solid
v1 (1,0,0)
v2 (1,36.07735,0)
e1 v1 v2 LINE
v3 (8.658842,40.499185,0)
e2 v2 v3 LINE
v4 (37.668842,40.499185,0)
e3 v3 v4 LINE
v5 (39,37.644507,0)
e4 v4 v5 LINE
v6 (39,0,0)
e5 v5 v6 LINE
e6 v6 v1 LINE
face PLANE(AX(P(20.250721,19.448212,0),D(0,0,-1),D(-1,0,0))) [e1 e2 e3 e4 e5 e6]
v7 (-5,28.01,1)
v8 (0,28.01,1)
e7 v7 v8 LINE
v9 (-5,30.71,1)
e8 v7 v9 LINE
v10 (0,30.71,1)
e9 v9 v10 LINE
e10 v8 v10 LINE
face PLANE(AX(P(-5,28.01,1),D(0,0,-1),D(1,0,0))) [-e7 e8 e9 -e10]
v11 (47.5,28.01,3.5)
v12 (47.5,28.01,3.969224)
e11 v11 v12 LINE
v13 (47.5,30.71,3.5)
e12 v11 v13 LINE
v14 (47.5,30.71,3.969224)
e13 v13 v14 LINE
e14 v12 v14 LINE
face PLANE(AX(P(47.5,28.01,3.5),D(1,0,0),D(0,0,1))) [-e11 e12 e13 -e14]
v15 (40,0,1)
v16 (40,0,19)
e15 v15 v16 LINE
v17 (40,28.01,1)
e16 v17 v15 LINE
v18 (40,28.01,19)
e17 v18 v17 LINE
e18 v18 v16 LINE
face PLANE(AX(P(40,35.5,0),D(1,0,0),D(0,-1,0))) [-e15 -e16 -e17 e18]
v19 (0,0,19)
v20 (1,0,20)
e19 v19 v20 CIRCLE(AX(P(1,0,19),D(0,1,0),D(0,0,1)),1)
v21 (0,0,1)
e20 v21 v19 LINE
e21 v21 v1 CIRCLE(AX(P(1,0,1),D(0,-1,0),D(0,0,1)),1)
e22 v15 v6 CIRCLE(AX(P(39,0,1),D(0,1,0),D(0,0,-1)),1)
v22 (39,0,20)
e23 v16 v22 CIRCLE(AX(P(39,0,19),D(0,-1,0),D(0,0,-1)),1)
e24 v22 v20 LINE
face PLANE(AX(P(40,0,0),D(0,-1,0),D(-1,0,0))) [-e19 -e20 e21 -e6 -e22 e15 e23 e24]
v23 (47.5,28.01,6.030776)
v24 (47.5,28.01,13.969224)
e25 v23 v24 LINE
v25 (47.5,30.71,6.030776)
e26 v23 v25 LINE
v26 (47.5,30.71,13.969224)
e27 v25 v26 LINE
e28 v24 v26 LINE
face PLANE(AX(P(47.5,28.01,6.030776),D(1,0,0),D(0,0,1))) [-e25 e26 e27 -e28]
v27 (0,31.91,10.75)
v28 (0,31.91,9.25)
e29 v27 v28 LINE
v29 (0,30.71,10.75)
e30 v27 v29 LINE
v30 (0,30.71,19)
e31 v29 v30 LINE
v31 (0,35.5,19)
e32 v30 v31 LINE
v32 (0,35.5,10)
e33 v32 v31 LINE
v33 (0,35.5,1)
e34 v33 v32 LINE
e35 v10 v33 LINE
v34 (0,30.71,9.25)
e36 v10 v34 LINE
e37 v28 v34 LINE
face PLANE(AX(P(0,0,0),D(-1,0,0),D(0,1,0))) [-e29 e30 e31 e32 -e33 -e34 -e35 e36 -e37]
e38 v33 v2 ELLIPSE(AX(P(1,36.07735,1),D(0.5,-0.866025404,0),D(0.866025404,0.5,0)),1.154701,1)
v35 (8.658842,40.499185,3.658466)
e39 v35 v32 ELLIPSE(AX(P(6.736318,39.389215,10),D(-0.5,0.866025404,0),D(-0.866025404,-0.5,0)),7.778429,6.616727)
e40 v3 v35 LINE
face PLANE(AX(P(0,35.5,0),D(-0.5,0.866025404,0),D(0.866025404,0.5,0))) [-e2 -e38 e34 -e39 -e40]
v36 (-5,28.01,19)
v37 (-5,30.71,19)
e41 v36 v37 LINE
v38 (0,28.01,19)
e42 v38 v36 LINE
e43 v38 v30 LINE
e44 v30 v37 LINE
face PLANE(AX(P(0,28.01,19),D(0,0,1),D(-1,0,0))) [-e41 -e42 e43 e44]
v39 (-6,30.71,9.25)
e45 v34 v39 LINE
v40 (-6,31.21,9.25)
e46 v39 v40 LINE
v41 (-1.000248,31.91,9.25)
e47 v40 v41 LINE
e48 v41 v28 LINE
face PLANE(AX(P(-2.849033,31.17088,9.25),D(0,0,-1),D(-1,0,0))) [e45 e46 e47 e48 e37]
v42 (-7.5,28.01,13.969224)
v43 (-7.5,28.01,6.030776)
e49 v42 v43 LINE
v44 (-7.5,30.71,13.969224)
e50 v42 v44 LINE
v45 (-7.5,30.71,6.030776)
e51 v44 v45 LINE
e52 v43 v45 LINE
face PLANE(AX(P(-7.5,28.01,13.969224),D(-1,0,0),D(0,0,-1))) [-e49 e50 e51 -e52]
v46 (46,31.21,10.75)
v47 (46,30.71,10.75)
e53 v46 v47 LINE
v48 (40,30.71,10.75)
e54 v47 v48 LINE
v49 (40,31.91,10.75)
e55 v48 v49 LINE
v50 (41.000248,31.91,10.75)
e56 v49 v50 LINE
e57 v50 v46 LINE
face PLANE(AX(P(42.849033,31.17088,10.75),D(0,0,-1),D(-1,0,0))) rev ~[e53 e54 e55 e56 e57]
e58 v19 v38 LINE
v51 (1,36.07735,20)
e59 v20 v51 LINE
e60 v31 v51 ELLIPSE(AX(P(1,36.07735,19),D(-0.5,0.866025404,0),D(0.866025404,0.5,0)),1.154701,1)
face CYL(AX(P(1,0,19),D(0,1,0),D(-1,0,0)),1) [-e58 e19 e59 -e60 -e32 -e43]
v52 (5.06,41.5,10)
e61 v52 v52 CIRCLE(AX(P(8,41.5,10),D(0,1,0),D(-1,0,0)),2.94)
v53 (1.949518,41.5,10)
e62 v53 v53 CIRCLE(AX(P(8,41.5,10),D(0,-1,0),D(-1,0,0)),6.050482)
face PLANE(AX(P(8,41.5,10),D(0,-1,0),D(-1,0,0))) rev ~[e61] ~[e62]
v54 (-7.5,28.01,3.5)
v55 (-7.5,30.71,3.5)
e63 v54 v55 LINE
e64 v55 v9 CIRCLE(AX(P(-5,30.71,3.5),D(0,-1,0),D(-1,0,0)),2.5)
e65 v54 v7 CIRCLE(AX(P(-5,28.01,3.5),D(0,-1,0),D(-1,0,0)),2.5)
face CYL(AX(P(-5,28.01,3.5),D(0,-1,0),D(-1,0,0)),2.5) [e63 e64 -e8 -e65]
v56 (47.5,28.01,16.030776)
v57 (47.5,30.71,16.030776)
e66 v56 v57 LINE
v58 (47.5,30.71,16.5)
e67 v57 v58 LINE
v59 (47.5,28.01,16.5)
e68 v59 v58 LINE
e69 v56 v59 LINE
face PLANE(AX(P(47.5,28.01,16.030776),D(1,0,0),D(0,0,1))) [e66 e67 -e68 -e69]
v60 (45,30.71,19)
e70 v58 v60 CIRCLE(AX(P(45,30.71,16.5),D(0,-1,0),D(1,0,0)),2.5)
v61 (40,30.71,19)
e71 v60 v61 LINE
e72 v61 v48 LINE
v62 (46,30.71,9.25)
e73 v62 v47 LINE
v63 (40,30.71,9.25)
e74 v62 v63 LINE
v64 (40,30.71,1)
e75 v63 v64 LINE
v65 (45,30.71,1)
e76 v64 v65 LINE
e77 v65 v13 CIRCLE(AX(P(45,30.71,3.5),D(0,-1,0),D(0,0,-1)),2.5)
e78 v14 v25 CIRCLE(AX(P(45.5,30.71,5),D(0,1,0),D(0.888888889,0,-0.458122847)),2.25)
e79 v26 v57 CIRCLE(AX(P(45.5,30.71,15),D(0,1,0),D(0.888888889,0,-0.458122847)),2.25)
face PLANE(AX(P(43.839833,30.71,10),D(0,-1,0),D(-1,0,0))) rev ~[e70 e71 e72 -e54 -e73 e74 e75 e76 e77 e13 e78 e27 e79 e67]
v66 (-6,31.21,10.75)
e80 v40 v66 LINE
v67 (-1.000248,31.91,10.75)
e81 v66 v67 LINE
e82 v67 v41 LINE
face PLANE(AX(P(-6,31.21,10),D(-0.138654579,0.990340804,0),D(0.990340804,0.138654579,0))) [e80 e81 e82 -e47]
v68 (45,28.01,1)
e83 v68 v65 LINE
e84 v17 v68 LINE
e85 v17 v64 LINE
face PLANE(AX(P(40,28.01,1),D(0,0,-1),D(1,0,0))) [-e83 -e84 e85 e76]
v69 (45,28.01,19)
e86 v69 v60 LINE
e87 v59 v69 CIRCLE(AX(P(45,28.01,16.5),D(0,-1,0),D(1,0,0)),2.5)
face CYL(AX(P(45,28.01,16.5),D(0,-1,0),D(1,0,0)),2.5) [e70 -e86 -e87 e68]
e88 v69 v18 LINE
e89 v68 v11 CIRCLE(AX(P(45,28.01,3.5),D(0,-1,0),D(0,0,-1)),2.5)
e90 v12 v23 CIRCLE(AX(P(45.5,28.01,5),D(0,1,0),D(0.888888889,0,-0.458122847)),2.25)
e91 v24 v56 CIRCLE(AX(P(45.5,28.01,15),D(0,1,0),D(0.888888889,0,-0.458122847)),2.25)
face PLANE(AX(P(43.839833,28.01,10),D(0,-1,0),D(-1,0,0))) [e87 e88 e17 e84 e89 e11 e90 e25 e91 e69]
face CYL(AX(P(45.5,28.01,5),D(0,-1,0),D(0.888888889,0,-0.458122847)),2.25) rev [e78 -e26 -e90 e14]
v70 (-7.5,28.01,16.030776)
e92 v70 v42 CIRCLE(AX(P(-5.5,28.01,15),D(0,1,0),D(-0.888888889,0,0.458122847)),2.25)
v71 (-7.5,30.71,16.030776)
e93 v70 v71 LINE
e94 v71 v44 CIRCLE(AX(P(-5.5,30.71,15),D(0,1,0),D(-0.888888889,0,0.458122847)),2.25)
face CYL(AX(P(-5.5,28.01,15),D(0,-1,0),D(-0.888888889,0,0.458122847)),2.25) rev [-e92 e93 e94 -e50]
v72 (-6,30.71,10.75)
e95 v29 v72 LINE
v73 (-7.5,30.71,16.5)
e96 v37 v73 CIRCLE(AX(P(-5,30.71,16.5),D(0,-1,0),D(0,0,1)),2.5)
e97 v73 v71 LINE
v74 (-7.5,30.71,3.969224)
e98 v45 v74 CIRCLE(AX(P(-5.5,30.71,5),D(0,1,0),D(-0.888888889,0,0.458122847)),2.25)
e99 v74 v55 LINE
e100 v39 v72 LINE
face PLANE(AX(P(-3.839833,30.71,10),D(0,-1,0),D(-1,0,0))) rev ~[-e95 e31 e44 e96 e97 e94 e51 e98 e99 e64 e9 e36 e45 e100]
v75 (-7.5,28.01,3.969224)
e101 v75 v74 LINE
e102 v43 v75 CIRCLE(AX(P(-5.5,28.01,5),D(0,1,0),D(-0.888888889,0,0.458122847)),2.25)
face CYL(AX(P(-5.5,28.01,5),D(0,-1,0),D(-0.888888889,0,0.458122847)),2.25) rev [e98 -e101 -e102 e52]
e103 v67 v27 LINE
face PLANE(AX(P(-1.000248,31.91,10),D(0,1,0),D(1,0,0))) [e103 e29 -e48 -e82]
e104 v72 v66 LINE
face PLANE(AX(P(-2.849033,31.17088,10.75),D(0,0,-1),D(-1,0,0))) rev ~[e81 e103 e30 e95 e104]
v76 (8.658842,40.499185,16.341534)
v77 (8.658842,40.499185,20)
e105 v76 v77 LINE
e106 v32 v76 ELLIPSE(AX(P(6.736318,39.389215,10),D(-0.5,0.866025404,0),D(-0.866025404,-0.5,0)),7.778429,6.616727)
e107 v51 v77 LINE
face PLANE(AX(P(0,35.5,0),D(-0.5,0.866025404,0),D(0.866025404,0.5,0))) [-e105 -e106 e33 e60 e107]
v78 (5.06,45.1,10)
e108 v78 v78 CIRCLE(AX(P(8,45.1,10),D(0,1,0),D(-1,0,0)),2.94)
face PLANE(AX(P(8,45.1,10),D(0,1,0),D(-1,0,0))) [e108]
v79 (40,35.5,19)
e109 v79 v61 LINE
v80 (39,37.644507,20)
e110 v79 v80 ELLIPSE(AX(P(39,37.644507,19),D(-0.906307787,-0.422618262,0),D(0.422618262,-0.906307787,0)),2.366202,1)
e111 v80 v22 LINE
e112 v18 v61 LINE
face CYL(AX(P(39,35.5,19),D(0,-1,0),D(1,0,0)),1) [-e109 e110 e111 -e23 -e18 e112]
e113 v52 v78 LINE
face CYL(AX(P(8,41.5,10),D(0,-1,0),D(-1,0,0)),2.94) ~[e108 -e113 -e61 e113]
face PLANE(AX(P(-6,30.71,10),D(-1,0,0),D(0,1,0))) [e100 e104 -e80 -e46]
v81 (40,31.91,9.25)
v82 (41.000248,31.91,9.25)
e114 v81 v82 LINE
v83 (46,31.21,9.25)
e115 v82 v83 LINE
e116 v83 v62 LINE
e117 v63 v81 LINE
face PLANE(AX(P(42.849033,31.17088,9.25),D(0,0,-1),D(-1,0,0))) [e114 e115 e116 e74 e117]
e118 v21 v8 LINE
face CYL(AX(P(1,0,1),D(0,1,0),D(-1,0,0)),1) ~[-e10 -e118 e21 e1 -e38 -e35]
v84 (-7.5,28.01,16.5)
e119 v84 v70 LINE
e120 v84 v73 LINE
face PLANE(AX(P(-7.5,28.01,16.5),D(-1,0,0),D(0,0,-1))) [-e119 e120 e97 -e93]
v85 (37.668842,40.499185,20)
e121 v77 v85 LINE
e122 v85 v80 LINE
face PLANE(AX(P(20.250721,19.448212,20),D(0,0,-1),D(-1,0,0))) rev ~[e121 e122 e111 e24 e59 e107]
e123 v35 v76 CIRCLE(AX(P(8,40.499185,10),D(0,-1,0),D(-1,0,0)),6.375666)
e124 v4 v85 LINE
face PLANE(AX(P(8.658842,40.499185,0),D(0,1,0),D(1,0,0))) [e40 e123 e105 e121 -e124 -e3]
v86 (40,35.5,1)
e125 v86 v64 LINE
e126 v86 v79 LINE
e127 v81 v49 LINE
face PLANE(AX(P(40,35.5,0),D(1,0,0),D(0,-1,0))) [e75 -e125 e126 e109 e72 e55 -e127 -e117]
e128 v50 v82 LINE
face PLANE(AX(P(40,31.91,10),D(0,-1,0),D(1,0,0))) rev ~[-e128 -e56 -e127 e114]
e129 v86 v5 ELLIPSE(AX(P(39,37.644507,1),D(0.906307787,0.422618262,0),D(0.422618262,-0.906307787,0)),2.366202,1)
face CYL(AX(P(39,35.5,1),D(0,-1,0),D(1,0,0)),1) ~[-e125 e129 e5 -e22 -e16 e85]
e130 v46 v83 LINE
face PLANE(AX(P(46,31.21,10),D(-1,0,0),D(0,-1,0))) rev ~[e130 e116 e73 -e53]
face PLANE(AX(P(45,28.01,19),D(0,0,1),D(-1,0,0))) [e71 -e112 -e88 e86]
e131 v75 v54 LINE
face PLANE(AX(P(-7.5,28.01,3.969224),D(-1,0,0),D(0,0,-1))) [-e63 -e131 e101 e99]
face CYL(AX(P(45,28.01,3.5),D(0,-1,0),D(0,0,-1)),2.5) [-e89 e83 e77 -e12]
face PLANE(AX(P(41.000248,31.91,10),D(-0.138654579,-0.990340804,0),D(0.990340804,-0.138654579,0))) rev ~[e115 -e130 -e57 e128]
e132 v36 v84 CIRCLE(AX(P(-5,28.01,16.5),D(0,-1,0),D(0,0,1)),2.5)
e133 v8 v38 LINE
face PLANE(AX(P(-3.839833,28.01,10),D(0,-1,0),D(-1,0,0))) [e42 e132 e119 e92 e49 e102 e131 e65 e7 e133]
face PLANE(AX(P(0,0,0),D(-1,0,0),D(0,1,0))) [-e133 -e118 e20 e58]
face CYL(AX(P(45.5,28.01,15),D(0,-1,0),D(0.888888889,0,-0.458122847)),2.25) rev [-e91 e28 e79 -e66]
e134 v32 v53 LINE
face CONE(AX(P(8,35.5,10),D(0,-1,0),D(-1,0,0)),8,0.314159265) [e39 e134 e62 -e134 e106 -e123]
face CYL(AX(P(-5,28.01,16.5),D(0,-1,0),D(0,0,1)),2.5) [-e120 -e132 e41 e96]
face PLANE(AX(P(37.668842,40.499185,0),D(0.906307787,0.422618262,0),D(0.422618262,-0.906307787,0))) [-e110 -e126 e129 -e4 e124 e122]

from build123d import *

# Parameters (mm, degrees)
SALIENTE_EXTRUIR1_DEPTH = 20
REDONDEO1_R             = 1
CROQUIS2_R              = 8
SALIENTE_EXTRUIR2_DEPTH = 6
SALIENTE_EXTRUIR2_DRAFT = -18
CROQUIS3_R              = 2.94
SALIENTE_EXTRUIR3_DEPTH = 3.6
SALIENTE_EXTRUIR4_DEPTH = 2.7
SALIENTE_EXTRUIR5_DEPTH = 0.75


with BuildPart() as part:
    # Croquis1 → Saliente-Extruir1 (new body)
    with BuildSketch(Plane.XY):
        Polygon((40, 0), (0, 0), (0, 35.5), (8.658841891, 40.499184697), (37.668841891, 40.499184697), (40, 35.5), align=None)
    extrude(amount=SALIENTE_EXTRUIR1_DEPTH)

    # Redondeo1
    redondeo1_edges = [part.edges().sort_by_distance(p)[0] for p in [
        (0, 17.75, 0),
        (0, 17.75, 20),
        (40, 17.75, 0),
        (40, 17.75, 20),
    ]]
    fillet(redondeo1_edges, radius=REDONDEO1_R)


with BuildPart() as saliente_extruir2_tool:
    # Croquis2 → Saliente-Extruir2 (with draft: the straight prism first)
    with BuildSketch(Plane(origin=(0, 35.5, 0), x_dir=(-1, 0, 0), z_dir=(0, -1, 0))):
        with Locations((-8, -10)):
            Circle(CROQUIS2_R)
    extrude(amount=-SALIENTE_EXTRUIR2_DEPTH)
    # Saliente-Extruir2: the draft: its side faces are tilted about the plane it starts from
    saliente_extruir2_sides = [saliente_extruir2_tool.faces().sort_by_distance(p)[0] for p in [
        (16, 38.5, 10),
    ]]
    draft(saliente_extruir2_sides, Plane(origin=(0, 35.5, 0), x_dir=(-1, 0, 0), z_dir=(0, -1, 0)), SALIENTE_EXTRUIR2_DRAFT)


with BuildPart() as part_1:
    add(part.part)

    # Saliente-Extruir2: add saliente_extruir2_tool
    add(saliente_extruir2_tool.part)

    # Croquis3 → Saliente-Extruir3 (add)
    with BuildSketch(Plane(origin=(0, 41.5, 0), x_dir=(1, 0, 0), z_dir=(0, 1, 0))):
        with Locations((8, -10)):
            Circle(CROQUIS3_R)
    extrude(amount=SALIENTE_EXTRUIR3_DEPTH)

    # Croquis4 → Saliente-Extruir4 (add)
    with BuildSketch(Plane(origin=(0, 28.01, 0), x_dir=(-1, 0, 0), z_dir=(0, -1, 0))):
        with BuildLine():
            Line((-45, -19), (-40, -19))
            Line((-40, -19), (-40, -1))
            Line((-40, -1), (-45, -1))
            ThreePointArc((-45, -1), (-46.767766953, -1.732233047), (-47.5, -3.5))
            Line((-47.5, -3.5), (-47.5, -3.969223594))
            ThreePointArc((-47.5, -3.969223594), (-43.25, -5), (-47.5, -6.030776406))
            Line((-47.5, -6.030776406), (-47.5, -13.969223594))
            ThreePointArc((-47.5, -13.969223594), (-43.25, -15), (-47.5, -16.030776406))
            Line((-47.5, -16.030776406), (-47.5, -16.5))
            ThreePointArc((-47.5, -16.5), (-46.767766953, -18.267766953), (-45, -19))
        make_face()
        with BuildLine():
            Line((0, -19), (5, -19))
            ThreePointArc((5, -19), (6.767766953, -18.267766953), (7.5, -16.5))
            Line((7.5, -16.5), (7.5, -16.030776406))
            ThreePointArc((7.5, -16.030776406), (3.25, -15), (7.5, -13.969223594))
            Line((7.5, -13.969223594), (7.5, -6.030776406))
            ThreePointArc((7.5, -6.030776406), (3.25, -5), (7.5, -3.969223594))
            Line((7.5, -3.969223594), (7.5, -3.5))
            ThreePointArc((7.5, -3.5), (6.767766953, -1.732233047), (5, -1))
            Line((5, -1), (0, -1))
            Line((0, -1), (0, -19))
        make_face()
    extrude(amount=-SALIENTE_EXTRUIR4_DEPTH)

    # Croquis5 → Saliente-Extruir5 (add, symmetric)
    with BuildSketch(Plane.XY.offset(10)):
        Polygon((-6, 31.21), (-1.000247602, 31.91), (0, 31.91), (0, 30.71), (-6, 30.71), align=None)
        Polygon((40, 31.91), (41.000247602, 31.91), (46, 31.21), (46, 30.71), (40, 30.71), align=None)
    extrude(amount=SALIENTE_EXTRUIR5_DEPTH, both=True)


solid = part_1.part
